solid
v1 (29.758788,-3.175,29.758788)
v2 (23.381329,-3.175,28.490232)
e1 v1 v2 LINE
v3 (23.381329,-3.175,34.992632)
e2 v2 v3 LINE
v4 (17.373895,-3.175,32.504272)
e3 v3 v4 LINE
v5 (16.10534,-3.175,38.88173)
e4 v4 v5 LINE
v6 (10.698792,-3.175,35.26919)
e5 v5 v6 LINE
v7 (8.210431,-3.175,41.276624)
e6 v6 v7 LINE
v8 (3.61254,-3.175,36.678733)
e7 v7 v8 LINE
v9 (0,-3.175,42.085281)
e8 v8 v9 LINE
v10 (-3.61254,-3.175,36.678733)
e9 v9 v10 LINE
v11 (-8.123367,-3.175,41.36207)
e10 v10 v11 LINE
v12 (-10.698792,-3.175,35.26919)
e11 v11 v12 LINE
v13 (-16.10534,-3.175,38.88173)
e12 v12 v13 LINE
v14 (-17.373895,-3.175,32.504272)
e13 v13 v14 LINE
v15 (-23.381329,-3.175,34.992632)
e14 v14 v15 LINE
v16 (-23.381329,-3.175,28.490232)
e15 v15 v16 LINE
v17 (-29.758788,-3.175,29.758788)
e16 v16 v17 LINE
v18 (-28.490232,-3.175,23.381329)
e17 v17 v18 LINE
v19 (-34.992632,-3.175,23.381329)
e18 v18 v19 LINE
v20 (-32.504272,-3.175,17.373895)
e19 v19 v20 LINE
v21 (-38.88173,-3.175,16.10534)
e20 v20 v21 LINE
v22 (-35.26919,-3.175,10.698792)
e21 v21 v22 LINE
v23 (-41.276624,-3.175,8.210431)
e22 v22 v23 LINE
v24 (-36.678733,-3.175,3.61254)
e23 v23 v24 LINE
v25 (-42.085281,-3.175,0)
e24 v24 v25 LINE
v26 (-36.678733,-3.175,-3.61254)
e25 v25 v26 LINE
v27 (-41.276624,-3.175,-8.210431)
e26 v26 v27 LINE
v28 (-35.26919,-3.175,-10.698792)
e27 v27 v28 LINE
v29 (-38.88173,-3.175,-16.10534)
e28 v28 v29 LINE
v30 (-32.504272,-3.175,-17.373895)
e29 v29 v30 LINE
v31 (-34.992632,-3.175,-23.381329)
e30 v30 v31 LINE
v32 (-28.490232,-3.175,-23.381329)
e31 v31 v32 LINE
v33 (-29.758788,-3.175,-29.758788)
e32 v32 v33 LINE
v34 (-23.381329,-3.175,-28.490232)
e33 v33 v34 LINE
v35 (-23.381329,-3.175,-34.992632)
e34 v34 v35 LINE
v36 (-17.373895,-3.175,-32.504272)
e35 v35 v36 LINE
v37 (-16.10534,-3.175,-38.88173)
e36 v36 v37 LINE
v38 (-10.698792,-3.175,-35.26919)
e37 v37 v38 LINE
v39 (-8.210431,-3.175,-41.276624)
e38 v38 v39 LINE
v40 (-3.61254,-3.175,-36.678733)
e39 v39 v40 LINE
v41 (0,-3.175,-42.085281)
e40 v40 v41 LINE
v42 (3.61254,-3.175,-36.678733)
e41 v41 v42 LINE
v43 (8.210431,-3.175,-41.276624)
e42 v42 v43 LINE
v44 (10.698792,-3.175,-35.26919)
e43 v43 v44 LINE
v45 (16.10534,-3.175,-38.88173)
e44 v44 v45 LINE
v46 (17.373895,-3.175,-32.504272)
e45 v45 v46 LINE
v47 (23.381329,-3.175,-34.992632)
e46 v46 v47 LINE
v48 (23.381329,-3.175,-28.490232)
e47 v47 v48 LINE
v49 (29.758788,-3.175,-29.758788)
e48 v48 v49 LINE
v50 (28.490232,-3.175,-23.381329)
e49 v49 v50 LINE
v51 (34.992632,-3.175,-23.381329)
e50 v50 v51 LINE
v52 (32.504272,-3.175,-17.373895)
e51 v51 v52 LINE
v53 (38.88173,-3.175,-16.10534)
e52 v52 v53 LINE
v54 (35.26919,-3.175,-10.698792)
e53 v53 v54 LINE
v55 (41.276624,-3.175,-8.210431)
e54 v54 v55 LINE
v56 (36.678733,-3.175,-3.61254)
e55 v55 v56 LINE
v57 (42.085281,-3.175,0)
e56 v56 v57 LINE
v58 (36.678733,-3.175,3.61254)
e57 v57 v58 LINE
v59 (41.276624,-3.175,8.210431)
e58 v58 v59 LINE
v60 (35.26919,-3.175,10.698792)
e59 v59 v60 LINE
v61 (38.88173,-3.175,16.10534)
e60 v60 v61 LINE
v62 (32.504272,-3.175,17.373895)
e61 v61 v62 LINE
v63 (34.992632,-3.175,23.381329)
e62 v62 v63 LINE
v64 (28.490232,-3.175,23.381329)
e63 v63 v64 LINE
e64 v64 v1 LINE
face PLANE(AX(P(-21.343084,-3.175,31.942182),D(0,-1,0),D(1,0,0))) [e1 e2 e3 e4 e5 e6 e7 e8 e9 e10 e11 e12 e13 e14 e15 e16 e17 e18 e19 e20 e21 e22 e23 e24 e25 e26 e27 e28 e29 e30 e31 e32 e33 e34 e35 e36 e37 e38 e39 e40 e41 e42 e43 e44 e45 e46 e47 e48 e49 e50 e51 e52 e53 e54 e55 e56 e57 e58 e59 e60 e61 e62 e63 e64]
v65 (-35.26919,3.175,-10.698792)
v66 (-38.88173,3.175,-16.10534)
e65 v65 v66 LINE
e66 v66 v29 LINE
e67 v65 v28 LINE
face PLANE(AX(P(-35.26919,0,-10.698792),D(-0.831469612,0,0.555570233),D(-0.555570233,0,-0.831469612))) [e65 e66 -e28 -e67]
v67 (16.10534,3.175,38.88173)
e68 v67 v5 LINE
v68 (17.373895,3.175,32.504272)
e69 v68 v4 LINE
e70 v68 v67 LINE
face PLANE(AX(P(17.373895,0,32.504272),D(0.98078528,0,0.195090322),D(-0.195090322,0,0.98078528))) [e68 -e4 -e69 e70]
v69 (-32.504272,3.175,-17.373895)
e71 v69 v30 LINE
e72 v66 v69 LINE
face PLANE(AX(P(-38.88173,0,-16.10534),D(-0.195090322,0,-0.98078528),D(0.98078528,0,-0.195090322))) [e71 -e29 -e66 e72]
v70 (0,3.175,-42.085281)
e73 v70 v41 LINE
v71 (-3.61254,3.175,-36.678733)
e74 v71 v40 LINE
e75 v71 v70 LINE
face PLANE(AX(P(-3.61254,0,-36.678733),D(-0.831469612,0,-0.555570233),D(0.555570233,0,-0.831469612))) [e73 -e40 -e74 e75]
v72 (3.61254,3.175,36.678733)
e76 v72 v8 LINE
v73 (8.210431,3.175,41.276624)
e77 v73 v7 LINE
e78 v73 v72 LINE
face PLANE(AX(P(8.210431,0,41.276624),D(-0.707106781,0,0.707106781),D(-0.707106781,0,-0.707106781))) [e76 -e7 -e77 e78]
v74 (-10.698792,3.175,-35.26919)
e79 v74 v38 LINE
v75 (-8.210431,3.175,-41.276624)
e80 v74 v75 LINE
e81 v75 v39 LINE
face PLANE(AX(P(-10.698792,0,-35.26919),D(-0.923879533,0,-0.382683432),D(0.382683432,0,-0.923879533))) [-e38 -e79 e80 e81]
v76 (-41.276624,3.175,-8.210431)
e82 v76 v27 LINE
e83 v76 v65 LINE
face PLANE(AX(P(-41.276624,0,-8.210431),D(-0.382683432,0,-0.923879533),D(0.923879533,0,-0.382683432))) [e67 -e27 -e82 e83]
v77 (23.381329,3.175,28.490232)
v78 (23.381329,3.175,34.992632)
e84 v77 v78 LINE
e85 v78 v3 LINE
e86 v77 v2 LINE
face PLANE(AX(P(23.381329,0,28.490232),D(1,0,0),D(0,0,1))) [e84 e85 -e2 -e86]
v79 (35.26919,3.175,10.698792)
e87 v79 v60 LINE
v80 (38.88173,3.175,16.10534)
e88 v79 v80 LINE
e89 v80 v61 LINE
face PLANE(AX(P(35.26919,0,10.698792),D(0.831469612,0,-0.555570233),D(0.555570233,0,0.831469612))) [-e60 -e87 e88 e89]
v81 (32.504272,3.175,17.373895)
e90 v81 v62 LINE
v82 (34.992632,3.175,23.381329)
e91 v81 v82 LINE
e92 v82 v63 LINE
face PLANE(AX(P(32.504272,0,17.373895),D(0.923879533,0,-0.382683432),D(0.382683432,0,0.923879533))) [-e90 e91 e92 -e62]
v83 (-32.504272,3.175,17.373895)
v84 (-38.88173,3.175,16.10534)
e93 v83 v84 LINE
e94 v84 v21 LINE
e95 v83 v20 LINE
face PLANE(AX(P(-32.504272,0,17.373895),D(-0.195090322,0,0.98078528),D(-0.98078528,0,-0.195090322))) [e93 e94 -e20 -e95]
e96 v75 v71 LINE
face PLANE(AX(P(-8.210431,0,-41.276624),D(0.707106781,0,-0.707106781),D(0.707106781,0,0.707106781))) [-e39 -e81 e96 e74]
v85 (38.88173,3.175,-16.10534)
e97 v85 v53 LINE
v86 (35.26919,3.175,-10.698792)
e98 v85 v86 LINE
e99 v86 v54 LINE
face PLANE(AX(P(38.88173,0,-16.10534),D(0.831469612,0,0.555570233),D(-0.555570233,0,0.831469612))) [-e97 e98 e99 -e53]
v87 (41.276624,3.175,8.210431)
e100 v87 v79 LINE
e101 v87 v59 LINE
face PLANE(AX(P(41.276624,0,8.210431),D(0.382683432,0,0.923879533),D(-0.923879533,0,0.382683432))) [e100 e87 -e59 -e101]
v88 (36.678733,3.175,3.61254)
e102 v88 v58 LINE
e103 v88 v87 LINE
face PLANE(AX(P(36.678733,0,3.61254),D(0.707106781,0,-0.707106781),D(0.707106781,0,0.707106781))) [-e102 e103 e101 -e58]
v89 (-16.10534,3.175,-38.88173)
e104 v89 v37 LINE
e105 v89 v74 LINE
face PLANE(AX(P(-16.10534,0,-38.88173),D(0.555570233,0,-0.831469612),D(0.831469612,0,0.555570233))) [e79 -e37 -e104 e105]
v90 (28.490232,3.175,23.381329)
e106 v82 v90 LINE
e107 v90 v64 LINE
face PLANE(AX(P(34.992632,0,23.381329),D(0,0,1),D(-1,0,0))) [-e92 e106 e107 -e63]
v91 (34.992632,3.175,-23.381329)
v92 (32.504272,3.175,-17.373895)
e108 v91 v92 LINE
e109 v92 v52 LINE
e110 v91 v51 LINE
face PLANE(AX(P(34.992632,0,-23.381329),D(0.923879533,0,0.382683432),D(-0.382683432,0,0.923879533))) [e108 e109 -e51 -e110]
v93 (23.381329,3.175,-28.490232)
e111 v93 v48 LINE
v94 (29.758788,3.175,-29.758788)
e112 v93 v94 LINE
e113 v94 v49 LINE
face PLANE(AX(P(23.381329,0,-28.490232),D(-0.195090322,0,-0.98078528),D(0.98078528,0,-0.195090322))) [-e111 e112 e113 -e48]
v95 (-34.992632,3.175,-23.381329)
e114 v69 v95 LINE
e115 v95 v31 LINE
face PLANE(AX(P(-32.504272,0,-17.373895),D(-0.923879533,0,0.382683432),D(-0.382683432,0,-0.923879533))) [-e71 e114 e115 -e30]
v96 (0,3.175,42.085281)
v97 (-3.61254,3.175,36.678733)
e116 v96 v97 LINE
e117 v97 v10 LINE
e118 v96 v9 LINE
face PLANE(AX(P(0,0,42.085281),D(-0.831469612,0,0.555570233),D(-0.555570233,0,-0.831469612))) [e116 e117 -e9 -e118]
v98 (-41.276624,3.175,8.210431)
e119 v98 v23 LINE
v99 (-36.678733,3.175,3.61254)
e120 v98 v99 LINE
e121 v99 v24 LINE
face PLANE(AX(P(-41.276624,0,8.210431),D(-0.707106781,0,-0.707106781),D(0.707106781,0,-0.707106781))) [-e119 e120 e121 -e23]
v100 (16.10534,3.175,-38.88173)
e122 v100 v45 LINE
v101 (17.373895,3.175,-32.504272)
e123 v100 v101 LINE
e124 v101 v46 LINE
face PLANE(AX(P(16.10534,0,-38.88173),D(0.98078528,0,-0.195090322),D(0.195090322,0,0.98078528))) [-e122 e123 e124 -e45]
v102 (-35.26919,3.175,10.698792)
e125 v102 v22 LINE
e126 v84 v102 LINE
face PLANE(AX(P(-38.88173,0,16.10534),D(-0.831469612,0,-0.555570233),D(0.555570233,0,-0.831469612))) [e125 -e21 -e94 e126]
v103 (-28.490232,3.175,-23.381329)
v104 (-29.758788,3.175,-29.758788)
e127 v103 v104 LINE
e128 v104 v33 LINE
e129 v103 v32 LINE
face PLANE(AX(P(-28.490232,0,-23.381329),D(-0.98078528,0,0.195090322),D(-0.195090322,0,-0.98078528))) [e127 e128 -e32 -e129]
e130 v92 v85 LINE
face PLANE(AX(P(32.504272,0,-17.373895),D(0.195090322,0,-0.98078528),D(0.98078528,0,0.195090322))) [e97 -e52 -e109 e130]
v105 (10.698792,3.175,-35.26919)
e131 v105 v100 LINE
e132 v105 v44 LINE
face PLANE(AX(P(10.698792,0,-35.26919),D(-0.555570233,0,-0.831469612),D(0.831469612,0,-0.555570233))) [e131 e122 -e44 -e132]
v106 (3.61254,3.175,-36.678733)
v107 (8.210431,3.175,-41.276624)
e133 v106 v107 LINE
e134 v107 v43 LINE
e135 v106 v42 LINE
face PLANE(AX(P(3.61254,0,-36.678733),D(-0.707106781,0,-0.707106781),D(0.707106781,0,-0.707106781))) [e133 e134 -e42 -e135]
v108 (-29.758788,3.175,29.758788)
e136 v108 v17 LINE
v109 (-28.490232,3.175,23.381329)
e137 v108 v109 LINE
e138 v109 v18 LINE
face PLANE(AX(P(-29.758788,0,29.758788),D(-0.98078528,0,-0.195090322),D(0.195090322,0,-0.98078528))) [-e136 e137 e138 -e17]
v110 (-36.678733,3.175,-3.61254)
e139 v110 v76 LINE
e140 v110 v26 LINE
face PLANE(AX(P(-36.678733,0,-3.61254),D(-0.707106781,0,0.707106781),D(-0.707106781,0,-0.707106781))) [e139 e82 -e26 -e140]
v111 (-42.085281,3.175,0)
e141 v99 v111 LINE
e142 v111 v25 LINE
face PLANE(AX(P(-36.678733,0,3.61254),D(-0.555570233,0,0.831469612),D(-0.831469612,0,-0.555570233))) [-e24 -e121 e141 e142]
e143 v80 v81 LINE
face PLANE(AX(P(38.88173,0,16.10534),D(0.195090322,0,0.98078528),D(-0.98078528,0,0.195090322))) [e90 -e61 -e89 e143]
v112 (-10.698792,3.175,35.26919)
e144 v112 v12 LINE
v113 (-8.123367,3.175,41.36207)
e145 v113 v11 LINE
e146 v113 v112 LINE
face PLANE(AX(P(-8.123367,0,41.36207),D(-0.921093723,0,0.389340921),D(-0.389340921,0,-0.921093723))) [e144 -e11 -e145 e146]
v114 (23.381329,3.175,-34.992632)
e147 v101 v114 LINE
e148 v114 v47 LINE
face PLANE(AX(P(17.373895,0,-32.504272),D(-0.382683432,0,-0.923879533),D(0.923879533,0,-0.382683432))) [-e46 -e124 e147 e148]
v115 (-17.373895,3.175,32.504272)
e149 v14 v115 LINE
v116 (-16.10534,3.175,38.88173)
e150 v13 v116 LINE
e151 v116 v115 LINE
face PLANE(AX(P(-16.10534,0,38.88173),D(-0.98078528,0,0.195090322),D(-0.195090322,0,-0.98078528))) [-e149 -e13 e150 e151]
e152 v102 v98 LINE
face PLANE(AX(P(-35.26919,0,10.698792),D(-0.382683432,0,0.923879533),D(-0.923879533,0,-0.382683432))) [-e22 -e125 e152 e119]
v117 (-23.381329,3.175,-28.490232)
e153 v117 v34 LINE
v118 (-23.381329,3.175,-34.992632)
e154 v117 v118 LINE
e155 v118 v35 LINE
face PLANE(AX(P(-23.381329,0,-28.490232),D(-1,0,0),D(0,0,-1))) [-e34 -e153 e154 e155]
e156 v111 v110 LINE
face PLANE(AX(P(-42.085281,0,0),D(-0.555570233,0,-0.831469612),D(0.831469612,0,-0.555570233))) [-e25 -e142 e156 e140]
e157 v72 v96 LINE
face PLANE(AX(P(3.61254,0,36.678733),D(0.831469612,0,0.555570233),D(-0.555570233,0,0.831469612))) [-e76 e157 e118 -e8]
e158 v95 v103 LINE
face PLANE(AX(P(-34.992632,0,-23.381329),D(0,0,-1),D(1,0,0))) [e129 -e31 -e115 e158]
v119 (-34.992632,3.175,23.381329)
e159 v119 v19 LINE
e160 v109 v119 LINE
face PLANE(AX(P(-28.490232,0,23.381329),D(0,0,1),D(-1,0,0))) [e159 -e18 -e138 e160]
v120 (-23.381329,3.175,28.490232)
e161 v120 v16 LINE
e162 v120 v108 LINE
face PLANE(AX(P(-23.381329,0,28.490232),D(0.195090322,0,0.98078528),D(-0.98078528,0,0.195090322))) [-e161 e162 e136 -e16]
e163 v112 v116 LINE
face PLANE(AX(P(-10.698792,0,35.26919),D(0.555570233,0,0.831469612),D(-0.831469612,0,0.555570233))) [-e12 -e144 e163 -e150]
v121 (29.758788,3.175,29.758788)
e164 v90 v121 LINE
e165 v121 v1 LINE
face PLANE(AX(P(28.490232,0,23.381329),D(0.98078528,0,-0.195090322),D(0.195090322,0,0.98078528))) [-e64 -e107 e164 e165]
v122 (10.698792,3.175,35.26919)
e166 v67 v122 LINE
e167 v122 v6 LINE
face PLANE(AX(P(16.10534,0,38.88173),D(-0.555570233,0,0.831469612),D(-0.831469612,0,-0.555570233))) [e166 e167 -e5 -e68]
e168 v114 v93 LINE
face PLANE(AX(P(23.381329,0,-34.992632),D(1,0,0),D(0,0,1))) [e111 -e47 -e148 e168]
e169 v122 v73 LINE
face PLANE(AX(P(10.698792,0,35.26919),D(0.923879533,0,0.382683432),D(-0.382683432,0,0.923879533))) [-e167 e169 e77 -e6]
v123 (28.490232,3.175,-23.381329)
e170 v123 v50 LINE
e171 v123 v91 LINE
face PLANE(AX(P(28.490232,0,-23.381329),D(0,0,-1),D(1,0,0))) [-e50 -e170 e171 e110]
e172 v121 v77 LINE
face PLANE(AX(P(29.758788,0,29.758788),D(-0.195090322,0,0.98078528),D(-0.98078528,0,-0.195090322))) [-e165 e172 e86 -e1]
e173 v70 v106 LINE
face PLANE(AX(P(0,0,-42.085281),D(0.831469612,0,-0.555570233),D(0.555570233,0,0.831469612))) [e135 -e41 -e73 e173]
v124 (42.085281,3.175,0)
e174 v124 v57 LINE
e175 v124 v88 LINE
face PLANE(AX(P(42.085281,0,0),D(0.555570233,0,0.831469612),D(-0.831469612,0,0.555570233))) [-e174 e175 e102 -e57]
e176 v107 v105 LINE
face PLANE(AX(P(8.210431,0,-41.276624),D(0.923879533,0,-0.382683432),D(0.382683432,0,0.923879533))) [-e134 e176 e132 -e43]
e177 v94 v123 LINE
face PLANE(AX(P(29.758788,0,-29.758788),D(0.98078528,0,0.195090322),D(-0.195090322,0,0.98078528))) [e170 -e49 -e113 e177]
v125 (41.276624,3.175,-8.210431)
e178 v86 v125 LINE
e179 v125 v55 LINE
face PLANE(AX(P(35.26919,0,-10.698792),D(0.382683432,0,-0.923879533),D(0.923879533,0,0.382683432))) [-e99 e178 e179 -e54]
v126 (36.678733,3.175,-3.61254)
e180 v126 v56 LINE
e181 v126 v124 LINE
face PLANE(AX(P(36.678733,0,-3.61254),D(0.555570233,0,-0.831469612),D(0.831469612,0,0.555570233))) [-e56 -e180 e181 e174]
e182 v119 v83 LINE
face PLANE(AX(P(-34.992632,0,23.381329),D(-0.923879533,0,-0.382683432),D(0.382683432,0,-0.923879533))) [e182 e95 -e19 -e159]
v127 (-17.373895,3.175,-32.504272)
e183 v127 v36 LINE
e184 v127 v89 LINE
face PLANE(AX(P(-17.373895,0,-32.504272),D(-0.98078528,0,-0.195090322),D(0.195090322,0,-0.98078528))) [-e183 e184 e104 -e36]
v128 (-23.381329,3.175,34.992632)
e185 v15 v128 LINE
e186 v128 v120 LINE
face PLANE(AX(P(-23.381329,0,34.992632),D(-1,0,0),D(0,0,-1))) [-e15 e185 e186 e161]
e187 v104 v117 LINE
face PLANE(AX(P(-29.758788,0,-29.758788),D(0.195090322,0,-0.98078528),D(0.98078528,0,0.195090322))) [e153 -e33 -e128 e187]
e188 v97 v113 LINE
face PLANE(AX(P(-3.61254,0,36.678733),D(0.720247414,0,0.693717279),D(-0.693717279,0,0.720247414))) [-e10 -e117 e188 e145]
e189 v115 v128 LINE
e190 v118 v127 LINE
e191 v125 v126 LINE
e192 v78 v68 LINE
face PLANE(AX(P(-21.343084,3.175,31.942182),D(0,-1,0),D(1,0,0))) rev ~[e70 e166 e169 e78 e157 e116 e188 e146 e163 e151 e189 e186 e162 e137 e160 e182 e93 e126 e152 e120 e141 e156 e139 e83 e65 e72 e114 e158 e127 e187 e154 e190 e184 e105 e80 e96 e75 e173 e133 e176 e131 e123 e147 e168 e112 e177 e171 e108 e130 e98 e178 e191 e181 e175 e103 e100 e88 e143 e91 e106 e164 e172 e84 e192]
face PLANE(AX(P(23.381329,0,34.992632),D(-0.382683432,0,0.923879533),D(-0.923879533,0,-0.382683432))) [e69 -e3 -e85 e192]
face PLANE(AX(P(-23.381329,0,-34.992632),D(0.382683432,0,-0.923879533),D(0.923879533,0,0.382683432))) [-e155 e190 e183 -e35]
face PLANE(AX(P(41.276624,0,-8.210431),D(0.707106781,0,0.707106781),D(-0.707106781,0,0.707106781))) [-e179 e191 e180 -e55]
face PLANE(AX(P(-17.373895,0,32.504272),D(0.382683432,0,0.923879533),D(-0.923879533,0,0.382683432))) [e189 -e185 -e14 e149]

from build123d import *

# Parameters (mm, degrees)
F1_DEPTH = 3.175


with BuildPart() as f1:
    # F0 (on Front) → F1 (new body, symmetric)
    with BuildSketch(Plane.XZ):
        Polygon((-23.3813293569, 34.9926322543), (-23.3813293569, 28.4902322543), (-17.3738950847, 32.5042715037), align=None)
        Polygon((-17.3738950847, 32.5042715037), (-23.3813293569, 28.4902322543), (-28.4902322543, 23.3813293569), (-32.5042715037, 17.3738950847), (-35.2691898278, 10.6987917678), (-36.678732966, 3.6125398832), (-36.678732966, -3.6125398832), (-35.2691898278, -10.6987917678), (-32.5042715037, -17.3738950847), (-28.4902322543, -23.3813293569), (-23.3813293569, -28.4902322543), (-17.3738950847, -32.5042715037), (-10.6987917678, -35.2691898278), (-3.6125398832, -36.678732966), (3.6125398832, -36.678732966), (10.6987917678, -35.2691898278), (17.3738950847, -32.5042715037), (23.3813293569, -28.4902322543), (28.4902322543, -23.3813293569), (32.5042715037, -17.3738950847), (35.2691898278, -10.6987917678), (36.678732966, -3.6125398832), (36.678732966, 3.6125398832), (35.2691898278, 10.6987917678), (32.5042715037, 17.3738950847), (28.4902322543, 23.3813293569), (23.3813293569, 28.4902322543), (17.3738950847, 32.5042715037), (10.6987917678, 35.2691898278), (3.6125398832, 36.678732966), (-3.6125398832, 36.678732966), (-10.6987917678, 35.2691898278), align=None)
        Polygon((-28.4902322543, 23.3813293569), (-23.3813293569, 28.4902322543), (-29.7587875642, 29.7587875642), align=None)
        Polygon((-16.1053397748, 38.881729711), (-17.3738950847, 32.5042715037), (-10.6987917678, 35.2691898278), align=None)
        Polygon((-32.5042715037, 17.3738950847), (-28.4902322543, 23.3813293569), (-34.9926322543, 23.3813293569), align=None)
        Polygon((-8.1233671151, 41.3620697513), (-10.6987917678, 35.2691898278), (-3.6125398832, 36.678732966), align=None)
        Polygon((-35.2691898278, 10.6987917678), (-32.5042715037, 17.3738950847), (-38.881729711, 16.1053397748), align=None)
        Polygon((0, 42.0852809731), (-3.6125398832, 36.678732966), (3.6125398832, 36.678732966), align=None)
        Polygon((-36.678732966, 3.6125398832), (-35.2691898278, 10.6987917678), (-41.2766241, 8.2104310172), align=None)
        Polygon((8.2104310172, 41.2766241), (3.6125398832, 36.678732966), (10.6987917678, 35.2691898278), align=None)
        Polygon((-36.678732966, -3.6125398832), (-36.678732966, 3.6125398832), (-42.0852809731, 0), align=None)
        Polygon((16.1053397748, 38.881729711), (10.6987917678, 35.2691898278), (17.3738950847, 32.5042715037), align=None)
        Polygon((-35.2691898278, -10.6987917678), (-36.678732966, -3.6125398832), (-41.2766241, -8.2104310172), align=None)
        Polygon((23.3813293569, 34.9926322543), (17.3738950847, 32.5042715037), (23.3813293569, 28.4902322543), align=None)
        Polygon((-32.5042715037, -17.3738950847), (-35.2691898278, -10.6987917678), (-38.881729711, -16.1053397748), align=None)
        Polygon((29.7587875642, 29.7587875642), (23.3813293569, 28.4902322543), (28.4902322543, 23.3813293569), align=None)
        Polygon((-28.4902322543, -23.3813293569), (-32.5042715037, -17.3738950847), (-34.9926322543, -23.3813293569), align=None)
        Polygon((34.9926322543, 23.3813293569), (28.4902322543, 23.3813293569), (32.5042715037, 17.3738950847), align=None)
        Polygon((-23.3813293569, -28.4902322543), (-28.4902322543, -23.3813293569), (-29.7587875642, -29.7587875642), align=None)
        Polygon((38.881729711, 16.1053397748), (32.5042715037, 17.3738950847), (35.2691898278, 10.6987917678), align=None)
        Polygon((-17.3738950847, -32.5042715037), (-23.3813293569, -28.4902322543), (-23.3813293569, -34.9926322543), align=None)
        Polygon((41.2766241, 8.2104310172), (35.2691898278, 10.6987917678), (36.678732966, 3.6125398832), align=None)
        Polygon((-10.6987917678, -35.2691898278), (-17.3738950847, -32.5042715037), (-16.1053397748, -38.881729711), align=None)
        Polygon((42.0852809731, 0), (36.678732966, 3.6125398832), (36.678732966, -3.6125398832), align=None)
        Polygon((-3.6125398832, -36.678732966), (-10.6987917678, -35.2691898278), (-8.2104310172, -41.2766241), align=None)
        Polygon((41.2766241, -8.2104310172), (36.678732966, -3.6125398832), (35.2691898278, -10.6987917678), align=None)
        Polygon((3.6125398832, -36.678732966), (-3.6125398832, -36.678732966), (0, -42.0852809731), align=None)
        Polygon((38.881729711, -16.1053397748), (35.2691898278, -10.6987917678), (32.5042715037, -17.3738950847), align=None)
        Polygon((10.6987917678, -35.2691898278), (3.6125398832, -36.678732966), (8.2104310172, -41.2766241), align=None)
        Polygon((34.9926322543, -23.3813293569), (32.5042715037, -17.3738950847), (28.4902322543, -23.3813293569), align=None)
        Polygon((17.3738950847, -32.5042715037), (10.6987917678, -35.2691898278), (16.1053397748, -38.881729711), align=None)
        Polygon((29.7587875642, -29.7587875642), (28.4902322543, -23.3813293569), (23.3813293569, -28.4902322543), align=None)
        Polygon((23.3813293569, -28.4902322543), (17.3738950847, -32.5042715037), (23.3813293569, -34.9926322543), align=None)
    extrude(amount=F1_DEPTH, both=True)


solid = f1.part
